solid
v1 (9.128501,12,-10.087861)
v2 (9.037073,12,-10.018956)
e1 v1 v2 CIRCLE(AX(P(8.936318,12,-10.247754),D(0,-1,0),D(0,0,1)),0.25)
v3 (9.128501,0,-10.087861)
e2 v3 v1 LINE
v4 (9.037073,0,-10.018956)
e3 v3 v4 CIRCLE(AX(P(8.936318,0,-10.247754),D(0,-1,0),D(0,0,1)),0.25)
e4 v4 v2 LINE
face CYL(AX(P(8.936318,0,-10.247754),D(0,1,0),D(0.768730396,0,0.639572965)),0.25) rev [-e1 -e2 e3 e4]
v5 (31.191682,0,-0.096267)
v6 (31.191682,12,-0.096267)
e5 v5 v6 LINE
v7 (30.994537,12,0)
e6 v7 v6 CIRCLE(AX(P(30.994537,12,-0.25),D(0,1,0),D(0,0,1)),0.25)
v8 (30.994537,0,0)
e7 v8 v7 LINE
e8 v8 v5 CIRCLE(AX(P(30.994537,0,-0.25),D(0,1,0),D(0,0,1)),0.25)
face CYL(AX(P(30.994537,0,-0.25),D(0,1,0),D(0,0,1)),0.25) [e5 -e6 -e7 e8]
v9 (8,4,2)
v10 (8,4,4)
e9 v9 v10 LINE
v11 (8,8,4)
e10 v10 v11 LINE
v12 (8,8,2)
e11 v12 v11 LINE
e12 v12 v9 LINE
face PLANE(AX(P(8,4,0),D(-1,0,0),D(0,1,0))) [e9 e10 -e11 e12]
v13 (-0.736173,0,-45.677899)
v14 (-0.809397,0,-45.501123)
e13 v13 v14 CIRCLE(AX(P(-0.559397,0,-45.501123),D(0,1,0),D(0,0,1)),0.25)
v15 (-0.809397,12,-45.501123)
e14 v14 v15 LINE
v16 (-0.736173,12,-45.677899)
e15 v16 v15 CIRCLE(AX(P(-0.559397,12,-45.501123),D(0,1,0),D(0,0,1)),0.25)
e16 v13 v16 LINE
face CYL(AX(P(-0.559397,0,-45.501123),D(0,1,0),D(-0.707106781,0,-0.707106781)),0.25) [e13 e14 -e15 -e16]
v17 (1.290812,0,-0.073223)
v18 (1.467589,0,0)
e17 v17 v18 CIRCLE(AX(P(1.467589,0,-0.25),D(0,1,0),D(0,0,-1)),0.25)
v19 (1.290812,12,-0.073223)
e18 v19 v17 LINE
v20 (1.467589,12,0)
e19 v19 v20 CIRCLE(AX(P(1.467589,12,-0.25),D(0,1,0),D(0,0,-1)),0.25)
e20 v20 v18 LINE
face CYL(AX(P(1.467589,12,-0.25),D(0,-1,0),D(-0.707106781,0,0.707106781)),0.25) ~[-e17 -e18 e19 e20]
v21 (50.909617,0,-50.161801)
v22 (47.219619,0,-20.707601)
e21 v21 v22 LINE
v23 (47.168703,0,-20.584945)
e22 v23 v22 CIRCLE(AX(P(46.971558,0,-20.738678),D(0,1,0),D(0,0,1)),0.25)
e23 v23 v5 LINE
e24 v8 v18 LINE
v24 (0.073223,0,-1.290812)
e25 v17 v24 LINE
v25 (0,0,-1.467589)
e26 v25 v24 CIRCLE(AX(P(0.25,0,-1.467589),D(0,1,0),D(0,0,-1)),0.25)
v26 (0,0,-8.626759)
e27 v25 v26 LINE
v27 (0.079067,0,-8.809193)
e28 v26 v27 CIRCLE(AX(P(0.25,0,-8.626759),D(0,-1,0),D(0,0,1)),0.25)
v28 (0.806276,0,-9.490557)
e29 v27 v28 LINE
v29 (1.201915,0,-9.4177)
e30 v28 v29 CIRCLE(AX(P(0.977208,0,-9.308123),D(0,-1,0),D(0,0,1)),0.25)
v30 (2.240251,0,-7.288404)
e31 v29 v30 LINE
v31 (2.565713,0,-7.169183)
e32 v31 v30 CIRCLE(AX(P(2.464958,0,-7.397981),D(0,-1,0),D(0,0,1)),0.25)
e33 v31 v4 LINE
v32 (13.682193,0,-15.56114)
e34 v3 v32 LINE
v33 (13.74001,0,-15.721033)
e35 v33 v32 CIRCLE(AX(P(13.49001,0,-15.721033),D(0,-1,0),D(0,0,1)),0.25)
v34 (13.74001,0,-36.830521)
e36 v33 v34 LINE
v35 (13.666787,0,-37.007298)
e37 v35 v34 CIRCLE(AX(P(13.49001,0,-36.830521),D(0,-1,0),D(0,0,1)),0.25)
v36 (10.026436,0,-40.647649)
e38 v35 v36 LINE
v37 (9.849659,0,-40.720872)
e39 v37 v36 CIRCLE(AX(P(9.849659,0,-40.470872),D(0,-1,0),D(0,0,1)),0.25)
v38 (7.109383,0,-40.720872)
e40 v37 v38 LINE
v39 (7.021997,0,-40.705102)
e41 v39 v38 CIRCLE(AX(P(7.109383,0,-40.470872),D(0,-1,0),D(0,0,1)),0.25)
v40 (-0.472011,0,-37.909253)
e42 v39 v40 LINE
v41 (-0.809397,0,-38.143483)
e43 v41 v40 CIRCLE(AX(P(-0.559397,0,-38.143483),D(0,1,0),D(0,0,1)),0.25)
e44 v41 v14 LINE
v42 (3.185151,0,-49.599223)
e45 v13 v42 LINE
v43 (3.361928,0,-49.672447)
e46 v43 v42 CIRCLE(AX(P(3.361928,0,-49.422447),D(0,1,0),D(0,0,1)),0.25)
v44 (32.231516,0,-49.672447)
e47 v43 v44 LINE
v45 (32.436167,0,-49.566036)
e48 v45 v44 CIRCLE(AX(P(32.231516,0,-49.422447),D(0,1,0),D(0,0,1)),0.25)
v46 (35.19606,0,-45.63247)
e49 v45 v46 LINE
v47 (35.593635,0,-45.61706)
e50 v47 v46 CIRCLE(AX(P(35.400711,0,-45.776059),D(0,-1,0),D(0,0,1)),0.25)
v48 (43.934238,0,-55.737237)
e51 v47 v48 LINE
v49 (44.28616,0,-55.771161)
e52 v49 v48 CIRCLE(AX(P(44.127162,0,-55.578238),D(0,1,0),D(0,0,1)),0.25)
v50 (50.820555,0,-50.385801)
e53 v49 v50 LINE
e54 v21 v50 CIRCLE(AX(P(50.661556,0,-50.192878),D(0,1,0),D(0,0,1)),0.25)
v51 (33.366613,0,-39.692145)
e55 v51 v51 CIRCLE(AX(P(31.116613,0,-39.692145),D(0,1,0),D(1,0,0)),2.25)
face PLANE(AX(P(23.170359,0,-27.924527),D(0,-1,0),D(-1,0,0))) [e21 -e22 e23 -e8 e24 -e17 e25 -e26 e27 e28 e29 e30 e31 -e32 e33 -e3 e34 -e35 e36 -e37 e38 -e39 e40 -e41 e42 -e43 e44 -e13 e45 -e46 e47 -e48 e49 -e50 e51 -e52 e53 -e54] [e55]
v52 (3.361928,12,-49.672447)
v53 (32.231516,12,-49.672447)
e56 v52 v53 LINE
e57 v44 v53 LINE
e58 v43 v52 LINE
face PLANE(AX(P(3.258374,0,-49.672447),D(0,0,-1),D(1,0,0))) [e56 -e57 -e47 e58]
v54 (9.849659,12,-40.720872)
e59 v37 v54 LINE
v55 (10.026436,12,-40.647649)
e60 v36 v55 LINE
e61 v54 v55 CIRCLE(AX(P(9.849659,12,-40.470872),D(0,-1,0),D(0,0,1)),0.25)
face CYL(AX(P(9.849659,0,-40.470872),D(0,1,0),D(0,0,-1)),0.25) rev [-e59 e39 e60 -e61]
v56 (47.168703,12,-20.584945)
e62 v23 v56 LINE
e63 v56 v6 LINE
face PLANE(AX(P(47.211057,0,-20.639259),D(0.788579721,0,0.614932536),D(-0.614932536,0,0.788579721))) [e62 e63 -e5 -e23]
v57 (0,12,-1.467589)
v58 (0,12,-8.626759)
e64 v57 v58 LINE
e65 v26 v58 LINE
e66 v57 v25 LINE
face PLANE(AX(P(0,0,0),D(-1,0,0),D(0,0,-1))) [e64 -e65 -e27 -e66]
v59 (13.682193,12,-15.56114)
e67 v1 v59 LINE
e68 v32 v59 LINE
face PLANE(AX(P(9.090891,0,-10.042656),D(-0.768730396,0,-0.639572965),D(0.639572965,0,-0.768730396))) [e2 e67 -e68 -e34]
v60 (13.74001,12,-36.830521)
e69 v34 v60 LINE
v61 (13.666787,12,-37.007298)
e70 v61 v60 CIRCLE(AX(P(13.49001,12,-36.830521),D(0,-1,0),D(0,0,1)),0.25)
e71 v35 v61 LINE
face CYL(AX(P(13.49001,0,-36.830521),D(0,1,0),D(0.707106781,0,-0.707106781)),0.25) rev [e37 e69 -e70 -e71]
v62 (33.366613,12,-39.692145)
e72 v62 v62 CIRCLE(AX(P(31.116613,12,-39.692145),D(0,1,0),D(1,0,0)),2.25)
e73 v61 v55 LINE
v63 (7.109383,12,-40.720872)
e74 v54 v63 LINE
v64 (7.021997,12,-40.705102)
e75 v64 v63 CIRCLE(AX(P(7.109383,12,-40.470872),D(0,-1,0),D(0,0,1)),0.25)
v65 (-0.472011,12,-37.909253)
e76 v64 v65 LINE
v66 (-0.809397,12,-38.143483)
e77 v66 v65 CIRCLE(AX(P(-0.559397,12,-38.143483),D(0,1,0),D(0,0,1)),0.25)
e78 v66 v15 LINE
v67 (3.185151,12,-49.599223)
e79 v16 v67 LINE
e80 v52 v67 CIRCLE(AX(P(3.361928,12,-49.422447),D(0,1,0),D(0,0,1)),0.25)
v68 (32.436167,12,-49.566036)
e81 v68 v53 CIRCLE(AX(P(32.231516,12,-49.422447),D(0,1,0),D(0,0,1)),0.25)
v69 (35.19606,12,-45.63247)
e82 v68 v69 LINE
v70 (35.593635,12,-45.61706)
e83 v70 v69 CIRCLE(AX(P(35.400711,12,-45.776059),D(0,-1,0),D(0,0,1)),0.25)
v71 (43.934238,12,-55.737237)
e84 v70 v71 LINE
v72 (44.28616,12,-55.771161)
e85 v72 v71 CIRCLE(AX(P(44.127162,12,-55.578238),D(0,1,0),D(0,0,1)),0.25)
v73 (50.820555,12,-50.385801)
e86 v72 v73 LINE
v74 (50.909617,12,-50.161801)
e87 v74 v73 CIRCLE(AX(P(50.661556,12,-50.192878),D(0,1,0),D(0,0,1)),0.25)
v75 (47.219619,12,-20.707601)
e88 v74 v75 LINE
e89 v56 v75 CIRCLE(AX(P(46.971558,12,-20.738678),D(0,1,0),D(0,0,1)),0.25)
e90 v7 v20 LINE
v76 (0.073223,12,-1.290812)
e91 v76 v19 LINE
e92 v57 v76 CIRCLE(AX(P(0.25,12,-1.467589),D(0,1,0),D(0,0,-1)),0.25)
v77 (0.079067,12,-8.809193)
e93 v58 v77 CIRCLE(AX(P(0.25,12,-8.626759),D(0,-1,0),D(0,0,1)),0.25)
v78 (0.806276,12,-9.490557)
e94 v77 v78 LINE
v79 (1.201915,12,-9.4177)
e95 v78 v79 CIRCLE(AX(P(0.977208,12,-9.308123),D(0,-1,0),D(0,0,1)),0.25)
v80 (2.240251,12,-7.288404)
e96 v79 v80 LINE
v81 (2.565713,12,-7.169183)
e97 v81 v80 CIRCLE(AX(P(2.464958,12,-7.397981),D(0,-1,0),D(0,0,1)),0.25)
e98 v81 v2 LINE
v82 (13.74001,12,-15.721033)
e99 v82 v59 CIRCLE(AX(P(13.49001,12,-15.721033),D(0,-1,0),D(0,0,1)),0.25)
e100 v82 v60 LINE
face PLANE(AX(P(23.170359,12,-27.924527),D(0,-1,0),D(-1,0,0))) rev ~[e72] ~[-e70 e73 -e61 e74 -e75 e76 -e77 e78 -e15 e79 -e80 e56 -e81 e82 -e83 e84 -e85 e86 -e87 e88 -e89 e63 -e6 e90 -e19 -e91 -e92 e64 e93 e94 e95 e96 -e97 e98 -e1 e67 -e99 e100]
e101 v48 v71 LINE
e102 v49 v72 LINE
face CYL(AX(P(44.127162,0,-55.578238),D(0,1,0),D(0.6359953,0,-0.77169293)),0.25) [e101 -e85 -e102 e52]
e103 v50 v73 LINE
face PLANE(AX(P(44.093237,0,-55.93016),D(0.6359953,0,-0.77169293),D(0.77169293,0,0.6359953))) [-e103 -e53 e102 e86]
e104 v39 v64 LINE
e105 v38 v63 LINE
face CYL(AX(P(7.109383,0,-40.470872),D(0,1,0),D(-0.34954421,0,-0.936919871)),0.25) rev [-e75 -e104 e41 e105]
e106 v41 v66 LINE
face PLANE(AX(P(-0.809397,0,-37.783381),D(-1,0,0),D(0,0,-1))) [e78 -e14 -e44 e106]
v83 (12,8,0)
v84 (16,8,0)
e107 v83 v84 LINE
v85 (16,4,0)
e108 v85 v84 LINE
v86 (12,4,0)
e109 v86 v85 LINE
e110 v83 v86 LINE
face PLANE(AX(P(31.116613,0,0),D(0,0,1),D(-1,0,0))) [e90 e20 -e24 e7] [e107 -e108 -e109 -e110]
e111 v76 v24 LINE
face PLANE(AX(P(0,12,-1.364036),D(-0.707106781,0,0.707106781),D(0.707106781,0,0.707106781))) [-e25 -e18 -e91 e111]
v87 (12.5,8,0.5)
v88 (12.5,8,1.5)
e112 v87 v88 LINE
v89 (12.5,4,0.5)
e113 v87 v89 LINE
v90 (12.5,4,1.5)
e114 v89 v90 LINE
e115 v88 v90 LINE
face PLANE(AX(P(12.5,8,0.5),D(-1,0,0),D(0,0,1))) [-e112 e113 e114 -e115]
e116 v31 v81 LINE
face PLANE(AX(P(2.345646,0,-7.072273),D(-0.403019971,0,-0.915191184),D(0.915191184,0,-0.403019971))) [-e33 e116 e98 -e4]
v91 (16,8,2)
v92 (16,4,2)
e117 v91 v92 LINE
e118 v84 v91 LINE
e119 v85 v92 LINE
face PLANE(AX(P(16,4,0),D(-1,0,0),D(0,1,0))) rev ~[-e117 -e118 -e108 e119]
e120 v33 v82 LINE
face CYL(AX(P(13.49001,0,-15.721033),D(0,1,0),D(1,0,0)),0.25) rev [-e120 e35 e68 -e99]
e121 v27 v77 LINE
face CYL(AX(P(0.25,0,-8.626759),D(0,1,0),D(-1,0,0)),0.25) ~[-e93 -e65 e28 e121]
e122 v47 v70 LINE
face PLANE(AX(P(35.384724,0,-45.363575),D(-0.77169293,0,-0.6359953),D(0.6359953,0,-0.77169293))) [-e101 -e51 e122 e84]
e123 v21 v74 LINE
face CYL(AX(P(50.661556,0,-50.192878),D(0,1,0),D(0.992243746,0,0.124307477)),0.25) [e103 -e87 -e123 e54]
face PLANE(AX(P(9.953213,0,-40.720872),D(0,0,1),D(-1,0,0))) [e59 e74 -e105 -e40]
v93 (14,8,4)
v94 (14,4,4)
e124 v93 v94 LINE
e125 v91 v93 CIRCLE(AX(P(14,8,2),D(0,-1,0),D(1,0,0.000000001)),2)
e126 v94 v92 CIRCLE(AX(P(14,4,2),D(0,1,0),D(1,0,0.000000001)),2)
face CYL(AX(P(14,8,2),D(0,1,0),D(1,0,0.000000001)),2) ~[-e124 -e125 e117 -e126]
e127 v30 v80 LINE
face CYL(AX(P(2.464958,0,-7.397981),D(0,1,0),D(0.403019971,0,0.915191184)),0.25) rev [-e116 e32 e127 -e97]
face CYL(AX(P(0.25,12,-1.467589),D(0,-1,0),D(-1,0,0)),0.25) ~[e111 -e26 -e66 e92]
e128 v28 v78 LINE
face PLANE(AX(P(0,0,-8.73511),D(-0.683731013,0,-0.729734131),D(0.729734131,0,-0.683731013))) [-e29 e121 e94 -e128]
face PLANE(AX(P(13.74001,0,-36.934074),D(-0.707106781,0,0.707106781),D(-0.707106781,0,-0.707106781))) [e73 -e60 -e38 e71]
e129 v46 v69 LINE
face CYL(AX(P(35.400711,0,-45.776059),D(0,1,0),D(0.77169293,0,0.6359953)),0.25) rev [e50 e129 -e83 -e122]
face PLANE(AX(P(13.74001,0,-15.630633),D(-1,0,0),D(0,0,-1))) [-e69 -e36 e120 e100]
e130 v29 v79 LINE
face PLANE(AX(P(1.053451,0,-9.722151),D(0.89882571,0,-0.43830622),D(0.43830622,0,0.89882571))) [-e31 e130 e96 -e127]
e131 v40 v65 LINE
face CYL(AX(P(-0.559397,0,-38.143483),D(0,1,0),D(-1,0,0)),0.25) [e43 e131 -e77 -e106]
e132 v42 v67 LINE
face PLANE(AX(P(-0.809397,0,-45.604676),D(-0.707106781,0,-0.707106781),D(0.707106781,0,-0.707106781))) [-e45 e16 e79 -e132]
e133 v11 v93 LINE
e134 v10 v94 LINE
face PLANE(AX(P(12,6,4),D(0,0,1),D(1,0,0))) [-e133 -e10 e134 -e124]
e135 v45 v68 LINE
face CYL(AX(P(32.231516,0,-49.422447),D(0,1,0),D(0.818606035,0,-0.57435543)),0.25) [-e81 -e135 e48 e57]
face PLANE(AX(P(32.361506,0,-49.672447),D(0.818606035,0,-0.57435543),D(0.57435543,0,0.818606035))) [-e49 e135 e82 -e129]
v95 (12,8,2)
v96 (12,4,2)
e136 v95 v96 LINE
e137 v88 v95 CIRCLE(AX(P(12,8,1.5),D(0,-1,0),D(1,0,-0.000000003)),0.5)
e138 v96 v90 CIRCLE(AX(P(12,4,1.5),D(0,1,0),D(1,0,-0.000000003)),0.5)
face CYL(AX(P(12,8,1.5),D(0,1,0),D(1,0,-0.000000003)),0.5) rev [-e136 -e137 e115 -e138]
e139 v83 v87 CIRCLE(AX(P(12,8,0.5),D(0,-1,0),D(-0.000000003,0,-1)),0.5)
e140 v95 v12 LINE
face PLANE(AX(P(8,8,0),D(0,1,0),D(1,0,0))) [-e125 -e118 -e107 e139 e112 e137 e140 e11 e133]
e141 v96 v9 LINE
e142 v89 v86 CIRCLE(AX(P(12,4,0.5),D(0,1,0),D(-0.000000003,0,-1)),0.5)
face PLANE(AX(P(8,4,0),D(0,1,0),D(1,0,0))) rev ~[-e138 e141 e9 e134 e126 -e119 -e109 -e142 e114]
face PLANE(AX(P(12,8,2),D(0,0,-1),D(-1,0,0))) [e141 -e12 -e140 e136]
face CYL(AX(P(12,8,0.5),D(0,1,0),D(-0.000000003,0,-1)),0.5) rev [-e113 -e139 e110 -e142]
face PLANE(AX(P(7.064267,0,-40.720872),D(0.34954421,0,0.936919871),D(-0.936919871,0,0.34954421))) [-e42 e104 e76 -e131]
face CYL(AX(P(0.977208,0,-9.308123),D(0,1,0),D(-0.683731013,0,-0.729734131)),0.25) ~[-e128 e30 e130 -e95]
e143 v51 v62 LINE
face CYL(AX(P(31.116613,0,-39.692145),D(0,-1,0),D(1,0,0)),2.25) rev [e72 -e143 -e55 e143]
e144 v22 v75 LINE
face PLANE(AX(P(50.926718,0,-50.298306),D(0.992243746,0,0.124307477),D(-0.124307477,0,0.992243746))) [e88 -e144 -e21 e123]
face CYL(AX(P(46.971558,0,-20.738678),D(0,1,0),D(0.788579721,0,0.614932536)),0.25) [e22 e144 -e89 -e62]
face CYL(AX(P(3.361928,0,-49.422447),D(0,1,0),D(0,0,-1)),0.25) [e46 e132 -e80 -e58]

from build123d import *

# Parameters (mm, degrees)
SKETCH1_R           = 2.25
BOSS_EXTRUDE1_DEPTH = 12
SKETCH2_W           = 8
SKETCH2_H           = 4
BOSS_EXTRUDE2_DEPTH = 4
CUT_EXTRUDE1_DEPTH  = 6
CUT_EXTRUDE2_DEPTH  = 13
FILLET1_R           = 0.25


with BuildPart() as part:
    # Sketch1 → Boss-Extrude1 (new body)
    with BuildSketch(Plane(origin=(0, 0, 0), x_dir=(1, 0, 0), z_dir=(0, 1, 0))):
        Polygon((0, 0), (0, 8.7351098), (1.053451476, 9.722150715), (2.345646332, 7.07227283), (9.090891126, 10.042655859), (13.740010344, 15.630633236), (13.740010344, 36.934074296), (9.953212595, 40.720872045), (7.064267003, 40.720872045), (-0.809396561, 37.783381234), (-0.809396561, 45.604675912), (3.258374293, 49.672446766), (32.361506358, 49.672446766), (35.384723628, 45.363574987), (44.093237241, 55.930159978), (50.92671808, 50.298306266), (47.211057141, 20.639259086), (31.116613422, 0), align=None)
        with Locations((31.116613422, 39.692144587)):
            Circle(SKETCH1_R, mode=Mode.SUBTRACT)
    extrude(amount=BOSS_EXTRUDE1_DEPTH)

    # Sketch2 → Boss-Extrude2 (add)
    with BuildSketch(Plane.XY):
        with Locations((12, 6)):
            Rectangle(SKETCH2_W, SKETCH2_H)
    extrude(amount=BOSS_EXTRUDE2_DEPTH)

    # Sketch3 → Cut-Extrude1 (cut)
    with BuildSketch(Plane(origin=(0, 8, 0), x_dir=(1, 0, 0), z_dir=(0, 1, 0))):
        with BuildLine():
            Line((8, 0), (12, 0))
            ThreePointArc((12, 0), (12.353553391, -0.146446609), (12.5, -0.5))
            Line((12.5, -0.5), (12.5, -1.5))
            ThreePointArc((12.5, -1.5), (12.353553391, -1.853553391), (12, -2))
            Line((12, -2), (8, -2))
            Line((8, -2), (8, 0))
        make_face()
        with BuildLine():
            Line((14, -4), (16, -4))
            Line((16, -4), (16, -2))
            ThreePointArc((16, -2), (15.414213562, -3.414213562), (14, -4))
        make_face()
    extrude(amount=-CUT_EXTRUDE1_DEPTH, mode=Mode.SUBTRACT)

    # Sketch4 → Cut-Extrude2 (cut, through all)
    with BuildSketch(Plane(origin=(0, 12, 0), x_dir=(1, 0, 0), z_dir=(0, 1, 0))):
        Polygon((0, 0), (0, 1.364035653), (1.364035653, 0), align=None)
    extrude(amount=-CUT_EXTRUDE2_DEPTH, mode=Mode.SUBTRACT)

    # Fillet1
    fillet1_edges = [part.edges().sort_by_distance(p)[0] for p in [
        (1.364035653, 6, 0),
        (0, 6, -1.364035653),
        (0, 6, -8.7351098),
        (1.053451476, 6, -9.722150715),
        (2.345646332, 6, -7.07227283),
        (9.090891126, 6, -10.042655859),
        (13.740010344, 6, -15.630633236),
        (13.740010344, 6, -36.934074296),
        (9.953212595, 6, -40.720872045),
        (7.064267003, 6, -40.720872045),
        (-0.809396561, 6, -37.783381234),
        (-0.809396561, 6, -45.604675912),
        (3.258374293, 6, -49.672446766),
        (32.361506358, 6, -49.672446766),
        (35.384723628, 6, -45.363574987),
        (44.093237241, 6, -55.930159978),
        (50.92671808, 6, -50.298306266),
        (47.211057141, 6, -20.639259086),
        (31.116613422, 6, 0),
    ]]
    fillet(fillet1_edges, radius=FILLET1_R)


solid = part.part
